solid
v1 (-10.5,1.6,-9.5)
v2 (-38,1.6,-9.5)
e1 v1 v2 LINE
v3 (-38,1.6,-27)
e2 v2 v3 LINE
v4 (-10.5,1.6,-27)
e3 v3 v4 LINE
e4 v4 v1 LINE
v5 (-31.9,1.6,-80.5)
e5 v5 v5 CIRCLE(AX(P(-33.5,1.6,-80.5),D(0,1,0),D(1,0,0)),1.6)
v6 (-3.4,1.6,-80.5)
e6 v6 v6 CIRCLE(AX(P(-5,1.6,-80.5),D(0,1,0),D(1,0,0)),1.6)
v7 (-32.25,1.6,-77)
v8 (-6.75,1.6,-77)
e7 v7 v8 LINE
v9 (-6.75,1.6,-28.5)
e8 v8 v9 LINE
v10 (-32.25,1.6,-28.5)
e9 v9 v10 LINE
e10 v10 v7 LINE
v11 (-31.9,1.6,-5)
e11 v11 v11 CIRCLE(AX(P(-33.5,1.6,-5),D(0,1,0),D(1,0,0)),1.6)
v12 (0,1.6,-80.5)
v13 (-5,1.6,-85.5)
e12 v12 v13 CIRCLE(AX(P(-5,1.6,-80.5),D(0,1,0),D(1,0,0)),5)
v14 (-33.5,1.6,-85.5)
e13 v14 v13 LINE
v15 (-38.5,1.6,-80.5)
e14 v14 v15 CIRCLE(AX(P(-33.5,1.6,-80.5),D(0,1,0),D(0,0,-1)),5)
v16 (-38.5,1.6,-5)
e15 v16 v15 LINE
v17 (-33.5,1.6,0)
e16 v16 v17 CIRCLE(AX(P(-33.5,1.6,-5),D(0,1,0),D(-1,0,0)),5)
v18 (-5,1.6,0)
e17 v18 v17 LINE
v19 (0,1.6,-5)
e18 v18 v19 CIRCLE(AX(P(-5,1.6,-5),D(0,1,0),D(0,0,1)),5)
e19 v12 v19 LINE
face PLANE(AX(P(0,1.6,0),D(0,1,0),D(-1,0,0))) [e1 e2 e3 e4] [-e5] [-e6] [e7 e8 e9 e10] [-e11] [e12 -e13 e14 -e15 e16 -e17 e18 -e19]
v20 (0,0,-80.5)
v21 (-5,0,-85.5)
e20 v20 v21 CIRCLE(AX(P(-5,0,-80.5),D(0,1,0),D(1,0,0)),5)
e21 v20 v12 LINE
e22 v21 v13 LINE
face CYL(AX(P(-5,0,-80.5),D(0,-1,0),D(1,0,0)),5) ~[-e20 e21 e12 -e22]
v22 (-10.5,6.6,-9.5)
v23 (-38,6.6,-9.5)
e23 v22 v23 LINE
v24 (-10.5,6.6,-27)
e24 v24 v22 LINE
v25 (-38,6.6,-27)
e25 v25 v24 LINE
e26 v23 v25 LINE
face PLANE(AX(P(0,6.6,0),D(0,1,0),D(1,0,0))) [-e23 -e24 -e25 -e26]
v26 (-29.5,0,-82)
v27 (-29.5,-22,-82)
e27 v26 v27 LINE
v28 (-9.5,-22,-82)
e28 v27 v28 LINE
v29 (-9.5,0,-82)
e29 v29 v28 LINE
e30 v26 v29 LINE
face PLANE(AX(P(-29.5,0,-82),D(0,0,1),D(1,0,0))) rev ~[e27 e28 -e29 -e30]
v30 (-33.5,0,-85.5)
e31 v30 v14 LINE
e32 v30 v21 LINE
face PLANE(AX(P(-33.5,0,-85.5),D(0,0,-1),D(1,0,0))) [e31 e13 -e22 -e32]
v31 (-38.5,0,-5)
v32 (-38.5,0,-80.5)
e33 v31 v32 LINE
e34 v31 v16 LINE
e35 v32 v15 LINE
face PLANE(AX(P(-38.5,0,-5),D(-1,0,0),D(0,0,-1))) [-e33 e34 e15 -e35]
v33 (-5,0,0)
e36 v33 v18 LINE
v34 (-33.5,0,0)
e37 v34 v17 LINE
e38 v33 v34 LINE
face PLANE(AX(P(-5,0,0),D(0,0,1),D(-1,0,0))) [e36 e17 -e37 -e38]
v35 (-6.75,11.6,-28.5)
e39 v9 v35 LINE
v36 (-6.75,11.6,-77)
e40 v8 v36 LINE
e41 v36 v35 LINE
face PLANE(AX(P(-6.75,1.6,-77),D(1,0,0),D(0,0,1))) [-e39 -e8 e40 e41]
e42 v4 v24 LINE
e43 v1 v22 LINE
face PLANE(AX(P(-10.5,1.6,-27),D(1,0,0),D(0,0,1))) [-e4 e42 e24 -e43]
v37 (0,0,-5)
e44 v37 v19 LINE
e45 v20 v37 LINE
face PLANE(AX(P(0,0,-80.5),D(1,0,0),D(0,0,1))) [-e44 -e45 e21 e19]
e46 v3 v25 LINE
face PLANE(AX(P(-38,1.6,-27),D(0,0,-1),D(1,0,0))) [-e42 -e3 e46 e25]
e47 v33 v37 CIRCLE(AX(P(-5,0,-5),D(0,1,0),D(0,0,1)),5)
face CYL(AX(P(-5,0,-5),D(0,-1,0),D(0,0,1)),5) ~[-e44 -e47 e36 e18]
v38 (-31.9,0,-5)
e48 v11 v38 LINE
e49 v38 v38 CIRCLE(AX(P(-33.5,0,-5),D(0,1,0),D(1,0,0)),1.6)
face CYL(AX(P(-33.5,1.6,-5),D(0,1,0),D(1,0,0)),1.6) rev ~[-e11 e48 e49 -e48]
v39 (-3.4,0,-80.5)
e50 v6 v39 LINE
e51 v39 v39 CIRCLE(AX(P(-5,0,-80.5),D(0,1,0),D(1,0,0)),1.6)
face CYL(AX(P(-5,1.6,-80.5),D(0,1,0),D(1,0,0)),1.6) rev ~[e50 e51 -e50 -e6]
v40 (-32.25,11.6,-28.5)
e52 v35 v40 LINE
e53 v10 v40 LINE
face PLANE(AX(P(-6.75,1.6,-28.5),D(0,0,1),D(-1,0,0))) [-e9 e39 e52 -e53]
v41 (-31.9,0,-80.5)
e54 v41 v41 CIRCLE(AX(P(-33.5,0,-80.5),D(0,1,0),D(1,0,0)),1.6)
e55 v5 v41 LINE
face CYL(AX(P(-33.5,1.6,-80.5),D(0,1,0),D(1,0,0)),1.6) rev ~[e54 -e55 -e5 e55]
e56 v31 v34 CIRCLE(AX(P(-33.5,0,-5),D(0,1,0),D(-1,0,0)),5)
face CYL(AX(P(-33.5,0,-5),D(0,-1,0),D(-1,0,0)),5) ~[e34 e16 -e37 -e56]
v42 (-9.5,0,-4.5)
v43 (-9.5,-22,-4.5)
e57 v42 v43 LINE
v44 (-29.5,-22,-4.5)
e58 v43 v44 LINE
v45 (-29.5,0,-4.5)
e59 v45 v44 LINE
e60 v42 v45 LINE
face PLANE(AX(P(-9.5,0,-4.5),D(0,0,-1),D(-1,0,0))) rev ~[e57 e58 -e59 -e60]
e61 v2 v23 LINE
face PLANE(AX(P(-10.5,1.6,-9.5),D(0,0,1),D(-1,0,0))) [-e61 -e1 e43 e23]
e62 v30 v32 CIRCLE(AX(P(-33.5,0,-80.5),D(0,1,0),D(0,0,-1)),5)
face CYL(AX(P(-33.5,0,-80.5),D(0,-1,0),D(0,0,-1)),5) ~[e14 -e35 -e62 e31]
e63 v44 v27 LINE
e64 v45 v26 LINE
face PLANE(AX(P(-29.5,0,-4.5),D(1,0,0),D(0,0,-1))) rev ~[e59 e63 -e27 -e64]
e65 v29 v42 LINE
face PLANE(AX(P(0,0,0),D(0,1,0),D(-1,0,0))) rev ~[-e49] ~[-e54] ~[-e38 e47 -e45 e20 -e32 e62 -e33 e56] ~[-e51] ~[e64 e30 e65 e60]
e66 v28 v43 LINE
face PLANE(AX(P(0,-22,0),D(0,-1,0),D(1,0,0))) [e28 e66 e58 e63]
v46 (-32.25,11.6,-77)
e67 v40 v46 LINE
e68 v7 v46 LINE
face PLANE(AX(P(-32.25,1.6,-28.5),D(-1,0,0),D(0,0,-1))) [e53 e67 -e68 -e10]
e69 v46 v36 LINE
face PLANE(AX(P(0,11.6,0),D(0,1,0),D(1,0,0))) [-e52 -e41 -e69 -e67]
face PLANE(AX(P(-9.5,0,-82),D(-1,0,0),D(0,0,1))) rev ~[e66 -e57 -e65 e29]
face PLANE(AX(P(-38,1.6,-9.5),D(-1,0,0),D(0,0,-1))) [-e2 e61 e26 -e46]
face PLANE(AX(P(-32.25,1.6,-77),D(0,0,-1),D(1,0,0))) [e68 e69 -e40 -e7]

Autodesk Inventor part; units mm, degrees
ref_plane "YZ Plane" through (0, 0, 0) normal (1, 0, 0) x (0, 1, 0)
ref_plane "XZ Plane" through (0, 0, 0) normal (0, 1, 0) x (-1, 0, 0)
ref_plane "XY Plane" through (0, 0, 0) normal (0, 0, 1) x (1, 0, 0)
sketch "Sketch1" plane through (0, 0, 0) normal (0, 1, 0) x (-1, 0, 0)
  line L0 (5, 0) -> (33.5, 0)
  line L1 (38.5, -5) -> (38.5, -80.5)
  line L2 (33.5, -85.5) -> (5, -85.5)
  line L3 (0, -80.5) -> (0, -5)
  arc A0 (38.5, -5) -> (33.5, 0) centre (33.5, -5) ccw
  arc A1 (33.5, -85.5) -> (38.5, -80.5) centre (33.5, -80.5) ccw
  arc A2 (0, -80.5) -> (5, -85.5) centre (5, -80.5) ccw
  arc A3 (5, 0) -> (0, -5) centre (5, -5) ccw
  point P0 (0, 0)
  point P1 (38.5, -85.5)
  point P2 (38.5, 0)
  point P3 (0, -85.5)
  dimension "d0" = 38.5
  dimension "d1" = 85.5
  dimension "d2" = 5
  dimension "d3" = 5
  dimension "d4" = 5
  dimension "d5" = 5
extrude "Extrusion1" add sketch "Sketch1" along normal blind 1.6
sketch "Sketch2" plane through (0, 1.6, 0) normal (0, 1, 0) x (1, 0, 0)
  arc A0 (-5, 0) -> (0, 5) centre (-5, 5) ccw projected
  arc A1 (0, 80.5) -> (-5, 85.5) centre (-5, 80.5) ccw projected
  circle A2 centre (-5, 80.5) radius 1.6
  arc A3 (-33.5, 85.5) -> (-38.5, 80.5) centre (-33.5, 80.5) ccw projected
  circle A4 centre (-33.5, 80.5) radius 1.6
  arc A5 (-38.5, 5) -> (-33.5, 0) centre (-33.5, 5) ccw projected
  circle A6 centre (-33.5, 5) radius 1.6
  point P0 (0, 0)
  dimension "d9" = 3.2
  dimension "d10" = 3.2
  dimension "d11" = 3.2
extrude "Extrusion2" cut sketch "Sketch2" against normal blind 35
sketch "Sketch4" plane through (0, 0, 0) normal (0, -1, 0) x (1, 0, 0)
  line L0 (0, 0) -> (-9.5, 0)
  line L1 (-9.5, 0) -> (-9.5, -4.5)
  line L2 (-9.5, -4.5) -> (0, -4.5)
  line L3 (0, -4.5) -> (0, 0)
  line L4 (-9.5, -4.5) -> (-29.5, -4.5)
  line L5 (-29.5, -4.5) -> (-29.5, -82)
  line L6 (-29.5, -82) -> (-9.5, -82)
  line L7 (-9.5, -82) -> (-9.5, -4.5)
  dimension "d14" = 9.5
  dimension "d15" = 4.5
  dimension "d16" = 20
  dimension "d17" = 77.5
extrude "Extrusion3" add sketch "Sketch4" along normal blind 22 contours L7 L6 L5 L4
sketch "Sketch5" plane through (0, 1.6, 0) normal (0, 1, 0) x (1, 0, 0)
  line L0 (0, 0) -> (-10.5, 0)
  line L1 (-10.5, 0) -> (-10.5, 9.5)
  line L2 (-10.5, 9.5) -> (0, 9.5)
  line L3 (0, 9.5) -> (0, 0)
  line L4 (-10.5, 9.5) -> (-38, 9.5)
  line L5 (-38, 9.5) -> (-38, 27)
  line L6 (-38, 27) -> (-10.5, 27)
  line L7 (-10.5, 27) -> (-10.5, 9.5)
  dimension "d20" = 10.5
  dimension "d21" = 9.5
  dimension "d22" = 27.5
  dimension "d23" = 17.5
extrude "Extrusion4" add sketch "Sketch5" along normal blind 5 contours L4 L5 L6 L7
sketch "Sketch6" plane through (0, 1.6, 0) normal (0, 1, 0) x (1, 0, 0)
  line L0 (0, 0) -> (-6.75, 0)
  line L1 (-6.75, 0) -> (-6.75, 28.5)
  line L2 (-6.75, 28.5) -> (0, 28.5)
  line L3 (0, 28.5) -> (0, 0)
  line L4 (-6.75, 28.5) -> (-32.25, 28.5)
  line L5 (-32.25, 28.5) -> (-32.25, 77)
  line L6 (-32.25, 77) -> (-6.75, 77)
  line L7 (-6.75, 77) -> (-6.75, 28.5)
  dimension "d26" = 6.75
  dimension "d27" = 28.5
  dimension "d28" = 25.5
  dimension "d29" = 48.5
extrude "Extrusion5" add sketch "Sketch6" along normal blind 10 contours L4 L5 L6 L7
properties part number "PCB"
